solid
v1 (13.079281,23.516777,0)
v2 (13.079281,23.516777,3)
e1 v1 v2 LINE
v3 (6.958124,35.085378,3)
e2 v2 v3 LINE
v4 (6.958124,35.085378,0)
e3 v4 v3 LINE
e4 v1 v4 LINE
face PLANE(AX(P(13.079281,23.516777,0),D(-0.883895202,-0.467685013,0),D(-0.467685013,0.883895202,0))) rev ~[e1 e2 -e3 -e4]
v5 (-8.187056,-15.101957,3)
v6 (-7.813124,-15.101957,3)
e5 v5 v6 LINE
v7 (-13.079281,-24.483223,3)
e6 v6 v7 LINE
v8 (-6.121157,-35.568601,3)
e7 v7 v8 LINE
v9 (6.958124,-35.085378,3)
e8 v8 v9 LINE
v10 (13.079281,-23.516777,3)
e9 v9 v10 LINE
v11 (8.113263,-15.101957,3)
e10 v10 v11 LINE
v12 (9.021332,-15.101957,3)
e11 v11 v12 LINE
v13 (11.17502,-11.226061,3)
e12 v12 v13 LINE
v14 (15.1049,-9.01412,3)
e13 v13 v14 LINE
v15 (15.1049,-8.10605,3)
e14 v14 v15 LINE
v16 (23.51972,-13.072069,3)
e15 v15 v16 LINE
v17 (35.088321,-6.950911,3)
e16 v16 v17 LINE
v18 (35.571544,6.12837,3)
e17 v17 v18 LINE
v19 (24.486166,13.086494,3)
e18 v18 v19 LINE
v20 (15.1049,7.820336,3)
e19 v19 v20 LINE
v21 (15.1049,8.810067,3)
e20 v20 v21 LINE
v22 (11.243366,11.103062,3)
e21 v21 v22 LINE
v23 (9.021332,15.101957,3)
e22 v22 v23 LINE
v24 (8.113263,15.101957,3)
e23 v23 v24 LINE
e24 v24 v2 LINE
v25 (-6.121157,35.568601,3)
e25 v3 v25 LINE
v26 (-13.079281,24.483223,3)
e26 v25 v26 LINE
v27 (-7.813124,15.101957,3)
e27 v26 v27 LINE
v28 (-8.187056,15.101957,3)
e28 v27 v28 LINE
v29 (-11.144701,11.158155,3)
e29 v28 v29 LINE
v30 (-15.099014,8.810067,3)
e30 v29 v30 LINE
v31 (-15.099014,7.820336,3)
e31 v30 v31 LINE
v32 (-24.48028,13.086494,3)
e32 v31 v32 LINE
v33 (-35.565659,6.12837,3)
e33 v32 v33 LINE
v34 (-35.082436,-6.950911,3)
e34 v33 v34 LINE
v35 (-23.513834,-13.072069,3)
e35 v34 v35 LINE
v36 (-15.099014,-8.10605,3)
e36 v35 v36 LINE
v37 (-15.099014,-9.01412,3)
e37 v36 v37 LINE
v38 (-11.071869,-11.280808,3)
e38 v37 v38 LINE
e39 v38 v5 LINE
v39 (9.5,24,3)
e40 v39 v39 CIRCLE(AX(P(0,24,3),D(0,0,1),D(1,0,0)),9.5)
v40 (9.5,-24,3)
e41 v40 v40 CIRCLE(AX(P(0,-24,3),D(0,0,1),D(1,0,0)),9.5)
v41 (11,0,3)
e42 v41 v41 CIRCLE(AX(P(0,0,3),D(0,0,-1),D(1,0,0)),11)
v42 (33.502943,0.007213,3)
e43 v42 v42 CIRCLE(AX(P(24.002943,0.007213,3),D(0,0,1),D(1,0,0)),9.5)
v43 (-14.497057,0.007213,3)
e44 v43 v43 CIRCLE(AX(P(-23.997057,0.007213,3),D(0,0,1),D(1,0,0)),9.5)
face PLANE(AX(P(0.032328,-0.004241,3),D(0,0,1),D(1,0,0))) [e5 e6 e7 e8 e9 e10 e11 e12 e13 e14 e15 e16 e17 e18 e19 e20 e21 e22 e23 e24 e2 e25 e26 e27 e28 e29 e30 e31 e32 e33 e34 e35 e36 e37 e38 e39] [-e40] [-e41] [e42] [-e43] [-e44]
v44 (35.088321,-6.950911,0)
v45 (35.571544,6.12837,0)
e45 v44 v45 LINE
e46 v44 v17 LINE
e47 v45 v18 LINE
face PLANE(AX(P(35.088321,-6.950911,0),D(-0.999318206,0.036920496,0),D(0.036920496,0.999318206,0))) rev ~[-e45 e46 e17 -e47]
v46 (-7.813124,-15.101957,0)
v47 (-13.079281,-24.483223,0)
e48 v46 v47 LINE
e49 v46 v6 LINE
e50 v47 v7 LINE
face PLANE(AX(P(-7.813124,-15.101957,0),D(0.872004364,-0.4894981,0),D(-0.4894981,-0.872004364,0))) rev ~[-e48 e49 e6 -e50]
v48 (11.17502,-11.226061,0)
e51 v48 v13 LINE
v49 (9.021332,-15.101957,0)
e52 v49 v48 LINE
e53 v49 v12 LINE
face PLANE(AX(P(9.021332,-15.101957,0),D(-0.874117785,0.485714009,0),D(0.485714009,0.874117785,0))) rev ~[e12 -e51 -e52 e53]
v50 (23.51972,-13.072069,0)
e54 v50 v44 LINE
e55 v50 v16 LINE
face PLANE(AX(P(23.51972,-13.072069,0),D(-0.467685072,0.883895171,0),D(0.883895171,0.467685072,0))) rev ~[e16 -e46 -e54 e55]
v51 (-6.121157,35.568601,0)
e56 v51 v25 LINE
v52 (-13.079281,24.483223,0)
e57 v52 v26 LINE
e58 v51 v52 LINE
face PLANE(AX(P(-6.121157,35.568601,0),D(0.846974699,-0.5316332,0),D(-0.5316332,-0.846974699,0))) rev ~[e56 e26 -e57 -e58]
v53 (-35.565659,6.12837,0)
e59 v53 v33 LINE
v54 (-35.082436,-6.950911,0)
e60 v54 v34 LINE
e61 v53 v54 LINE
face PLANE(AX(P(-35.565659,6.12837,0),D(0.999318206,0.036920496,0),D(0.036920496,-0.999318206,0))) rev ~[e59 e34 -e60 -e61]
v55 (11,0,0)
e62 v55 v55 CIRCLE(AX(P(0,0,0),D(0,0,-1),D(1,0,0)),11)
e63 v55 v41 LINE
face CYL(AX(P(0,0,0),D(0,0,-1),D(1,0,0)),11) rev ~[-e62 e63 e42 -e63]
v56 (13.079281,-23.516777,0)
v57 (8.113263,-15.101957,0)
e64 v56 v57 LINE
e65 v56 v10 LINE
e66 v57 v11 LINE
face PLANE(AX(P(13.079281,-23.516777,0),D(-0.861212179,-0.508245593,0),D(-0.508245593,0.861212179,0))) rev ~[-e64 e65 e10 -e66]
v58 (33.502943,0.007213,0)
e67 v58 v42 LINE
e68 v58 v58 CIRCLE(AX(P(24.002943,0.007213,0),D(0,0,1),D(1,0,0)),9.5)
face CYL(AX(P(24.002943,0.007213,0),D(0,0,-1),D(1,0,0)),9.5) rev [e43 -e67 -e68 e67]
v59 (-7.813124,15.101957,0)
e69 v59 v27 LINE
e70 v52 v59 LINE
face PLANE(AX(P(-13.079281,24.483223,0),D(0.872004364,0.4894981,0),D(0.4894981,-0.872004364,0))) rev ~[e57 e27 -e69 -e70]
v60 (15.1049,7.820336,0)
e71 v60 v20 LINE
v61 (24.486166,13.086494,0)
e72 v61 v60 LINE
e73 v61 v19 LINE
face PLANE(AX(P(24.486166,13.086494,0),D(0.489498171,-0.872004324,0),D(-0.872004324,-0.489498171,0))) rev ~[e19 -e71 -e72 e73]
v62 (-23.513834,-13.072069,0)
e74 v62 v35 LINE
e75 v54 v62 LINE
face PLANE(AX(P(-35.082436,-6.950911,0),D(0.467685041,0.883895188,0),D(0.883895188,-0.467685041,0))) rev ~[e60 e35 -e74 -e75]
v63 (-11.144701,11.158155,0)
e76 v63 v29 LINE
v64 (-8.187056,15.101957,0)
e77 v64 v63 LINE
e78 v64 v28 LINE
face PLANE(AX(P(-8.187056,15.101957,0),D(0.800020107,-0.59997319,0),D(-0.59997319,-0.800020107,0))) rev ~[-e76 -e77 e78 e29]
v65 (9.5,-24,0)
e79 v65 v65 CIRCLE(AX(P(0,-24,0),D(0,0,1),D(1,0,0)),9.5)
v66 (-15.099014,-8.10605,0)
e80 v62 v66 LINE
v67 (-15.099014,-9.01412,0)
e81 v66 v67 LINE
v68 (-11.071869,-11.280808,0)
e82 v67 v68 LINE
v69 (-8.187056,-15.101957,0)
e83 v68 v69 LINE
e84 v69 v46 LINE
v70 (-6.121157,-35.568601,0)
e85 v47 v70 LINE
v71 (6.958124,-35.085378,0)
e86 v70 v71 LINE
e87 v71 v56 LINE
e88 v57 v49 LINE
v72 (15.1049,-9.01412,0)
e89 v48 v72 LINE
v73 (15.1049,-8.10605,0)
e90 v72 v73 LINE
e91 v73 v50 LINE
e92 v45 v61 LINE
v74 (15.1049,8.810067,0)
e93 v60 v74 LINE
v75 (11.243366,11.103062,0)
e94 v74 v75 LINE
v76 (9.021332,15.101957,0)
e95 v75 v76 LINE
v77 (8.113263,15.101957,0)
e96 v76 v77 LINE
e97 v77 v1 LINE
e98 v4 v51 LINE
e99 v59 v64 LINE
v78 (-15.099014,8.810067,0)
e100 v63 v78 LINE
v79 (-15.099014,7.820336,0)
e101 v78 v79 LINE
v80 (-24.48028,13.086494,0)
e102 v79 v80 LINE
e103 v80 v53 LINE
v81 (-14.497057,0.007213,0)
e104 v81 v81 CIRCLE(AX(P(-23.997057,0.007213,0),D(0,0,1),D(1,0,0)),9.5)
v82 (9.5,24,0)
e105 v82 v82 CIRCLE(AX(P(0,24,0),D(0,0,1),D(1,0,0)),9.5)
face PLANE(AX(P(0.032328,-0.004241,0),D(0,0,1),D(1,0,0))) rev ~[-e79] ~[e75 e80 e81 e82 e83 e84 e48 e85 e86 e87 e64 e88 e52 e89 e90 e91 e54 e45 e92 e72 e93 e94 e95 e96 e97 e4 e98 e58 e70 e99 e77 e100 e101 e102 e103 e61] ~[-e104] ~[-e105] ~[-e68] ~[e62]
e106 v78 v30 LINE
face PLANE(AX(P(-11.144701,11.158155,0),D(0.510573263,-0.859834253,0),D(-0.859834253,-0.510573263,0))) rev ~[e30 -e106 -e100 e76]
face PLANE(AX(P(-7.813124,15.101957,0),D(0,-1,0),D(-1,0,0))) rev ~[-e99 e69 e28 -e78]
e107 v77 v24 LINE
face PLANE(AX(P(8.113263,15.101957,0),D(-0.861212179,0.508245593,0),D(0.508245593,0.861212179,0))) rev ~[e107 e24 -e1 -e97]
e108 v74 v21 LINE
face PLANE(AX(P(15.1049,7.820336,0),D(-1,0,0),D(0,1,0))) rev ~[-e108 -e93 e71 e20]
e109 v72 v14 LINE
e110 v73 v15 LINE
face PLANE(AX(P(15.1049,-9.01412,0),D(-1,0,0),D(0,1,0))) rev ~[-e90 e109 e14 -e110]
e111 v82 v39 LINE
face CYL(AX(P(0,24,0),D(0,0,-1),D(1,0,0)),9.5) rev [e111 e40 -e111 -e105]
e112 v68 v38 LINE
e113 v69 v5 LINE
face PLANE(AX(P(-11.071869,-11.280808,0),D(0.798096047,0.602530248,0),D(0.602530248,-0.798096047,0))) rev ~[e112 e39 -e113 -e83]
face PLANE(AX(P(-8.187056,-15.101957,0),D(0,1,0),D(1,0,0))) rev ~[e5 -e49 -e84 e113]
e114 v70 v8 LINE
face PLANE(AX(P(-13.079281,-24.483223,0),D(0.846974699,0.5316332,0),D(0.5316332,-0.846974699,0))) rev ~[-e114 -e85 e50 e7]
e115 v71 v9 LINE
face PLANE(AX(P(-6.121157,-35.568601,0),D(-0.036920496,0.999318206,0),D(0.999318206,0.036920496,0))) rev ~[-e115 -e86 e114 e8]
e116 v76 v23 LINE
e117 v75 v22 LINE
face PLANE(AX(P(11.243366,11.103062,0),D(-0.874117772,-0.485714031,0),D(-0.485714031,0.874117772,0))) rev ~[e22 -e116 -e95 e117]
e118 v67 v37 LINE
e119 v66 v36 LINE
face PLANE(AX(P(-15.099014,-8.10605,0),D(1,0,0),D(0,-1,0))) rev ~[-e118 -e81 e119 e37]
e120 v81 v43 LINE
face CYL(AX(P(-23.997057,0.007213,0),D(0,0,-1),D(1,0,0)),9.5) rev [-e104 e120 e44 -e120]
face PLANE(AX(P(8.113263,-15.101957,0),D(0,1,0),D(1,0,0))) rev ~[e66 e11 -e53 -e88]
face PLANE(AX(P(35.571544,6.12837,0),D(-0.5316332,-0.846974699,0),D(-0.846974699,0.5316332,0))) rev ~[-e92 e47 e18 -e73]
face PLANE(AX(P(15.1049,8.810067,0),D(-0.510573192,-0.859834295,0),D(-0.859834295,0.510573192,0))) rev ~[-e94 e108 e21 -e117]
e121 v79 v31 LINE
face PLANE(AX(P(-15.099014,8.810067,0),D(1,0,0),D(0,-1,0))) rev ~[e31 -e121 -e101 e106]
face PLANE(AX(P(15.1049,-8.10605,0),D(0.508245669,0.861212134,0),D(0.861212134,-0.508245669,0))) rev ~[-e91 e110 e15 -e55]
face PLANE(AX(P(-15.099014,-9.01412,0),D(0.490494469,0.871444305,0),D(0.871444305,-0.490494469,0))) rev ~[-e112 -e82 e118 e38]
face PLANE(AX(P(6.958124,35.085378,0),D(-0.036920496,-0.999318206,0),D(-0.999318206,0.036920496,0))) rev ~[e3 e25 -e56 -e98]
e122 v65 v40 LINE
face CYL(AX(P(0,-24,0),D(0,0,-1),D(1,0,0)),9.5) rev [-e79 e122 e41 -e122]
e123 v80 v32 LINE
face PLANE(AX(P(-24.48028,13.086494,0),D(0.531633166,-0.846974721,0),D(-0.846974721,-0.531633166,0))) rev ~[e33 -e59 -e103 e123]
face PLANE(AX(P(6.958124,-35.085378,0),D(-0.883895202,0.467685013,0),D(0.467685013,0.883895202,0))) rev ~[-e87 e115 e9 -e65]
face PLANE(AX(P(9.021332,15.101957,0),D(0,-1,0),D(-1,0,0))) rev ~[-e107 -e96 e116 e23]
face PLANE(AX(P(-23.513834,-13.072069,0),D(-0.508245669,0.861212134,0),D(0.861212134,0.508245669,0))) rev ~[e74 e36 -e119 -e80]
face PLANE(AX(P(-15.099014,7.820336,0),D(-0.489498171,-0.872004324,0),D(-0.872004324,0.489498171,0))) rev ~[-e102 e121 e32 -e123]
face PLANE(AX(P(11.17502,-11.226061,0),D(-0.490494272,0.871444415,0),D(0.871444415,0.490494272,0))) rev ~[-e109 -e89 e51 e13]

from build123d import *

# Parameters (mm, degrees)
F0_R     = 9.5
F1_DEPTH = 3


with BuildPart() as f1:
    # F0 (on Top) → F1 (new body)
    with BuildSketch(Plane.XY):
        Polygon((11.243366, 11.103062), (9.021332, 15.101957), (8.113263, 15.101957), (13.079281, 23.516777), (6.958124, 35.085378), (-6.121157, 35.568601), (-13.079281, 24.483223), (-7.813124, 15.101957), (-8.187056, 15.101957), (-11.144701, 11.158155), (-15.099014, 8.810067), (-15.099014, 7.820336), (-24.48028, 13.086494), (-35.565659, 6.12837), (-35.082436, -6.950911), (-23.513834, -13.072069), (-15.099014, -8.10605), (-15.099014, -9.01412), (-11.071869, -11.280808), (-8.187056, -15.101957), (-7.813124, -15.101957), (-13.079281, -24.483223), (-6.121157, -35.568601), (6.958124, -35.085378), (13.079281, -23.516777), (8.113263, -15.101957), (9.021332, -15.101957), (11.17502, -11.226061), (15.1049, -9.01412), (15.1049, -8.10605), (23.51972, -13.072069), (35.088321, -6.950911), (35.571544, 6.12837), (24.486166, 13.086494), (15.1049, 7.820336), (15.1049, 8.810067), align=None)
        with Locations((0, -24)):
            Circle(F0_R, mode=Mode.SUBTRACT)
        with Locations((-23.997057, 0.007213)):
            Circle(F0_R, mode=Mode.SUBTRACT)
        with BuildLine():
            ThreePointArc((-11, 0), (0, 11), (11, 0))
            ThreePointArc((11, 0), (0, -11), (-11, 0))
        make_face(mode=Mode.SUBTRACT)
        with Locations((0, 24)):
            Circle(F0_R, mode=Mode.SUBTRACT)
        with Locations((24.002943, 0.007213)):
            Circle(F0_R, mode=Mode.SUBTRACT)
    extrude(amount=F1_DEPTH)


solid = f1.part
